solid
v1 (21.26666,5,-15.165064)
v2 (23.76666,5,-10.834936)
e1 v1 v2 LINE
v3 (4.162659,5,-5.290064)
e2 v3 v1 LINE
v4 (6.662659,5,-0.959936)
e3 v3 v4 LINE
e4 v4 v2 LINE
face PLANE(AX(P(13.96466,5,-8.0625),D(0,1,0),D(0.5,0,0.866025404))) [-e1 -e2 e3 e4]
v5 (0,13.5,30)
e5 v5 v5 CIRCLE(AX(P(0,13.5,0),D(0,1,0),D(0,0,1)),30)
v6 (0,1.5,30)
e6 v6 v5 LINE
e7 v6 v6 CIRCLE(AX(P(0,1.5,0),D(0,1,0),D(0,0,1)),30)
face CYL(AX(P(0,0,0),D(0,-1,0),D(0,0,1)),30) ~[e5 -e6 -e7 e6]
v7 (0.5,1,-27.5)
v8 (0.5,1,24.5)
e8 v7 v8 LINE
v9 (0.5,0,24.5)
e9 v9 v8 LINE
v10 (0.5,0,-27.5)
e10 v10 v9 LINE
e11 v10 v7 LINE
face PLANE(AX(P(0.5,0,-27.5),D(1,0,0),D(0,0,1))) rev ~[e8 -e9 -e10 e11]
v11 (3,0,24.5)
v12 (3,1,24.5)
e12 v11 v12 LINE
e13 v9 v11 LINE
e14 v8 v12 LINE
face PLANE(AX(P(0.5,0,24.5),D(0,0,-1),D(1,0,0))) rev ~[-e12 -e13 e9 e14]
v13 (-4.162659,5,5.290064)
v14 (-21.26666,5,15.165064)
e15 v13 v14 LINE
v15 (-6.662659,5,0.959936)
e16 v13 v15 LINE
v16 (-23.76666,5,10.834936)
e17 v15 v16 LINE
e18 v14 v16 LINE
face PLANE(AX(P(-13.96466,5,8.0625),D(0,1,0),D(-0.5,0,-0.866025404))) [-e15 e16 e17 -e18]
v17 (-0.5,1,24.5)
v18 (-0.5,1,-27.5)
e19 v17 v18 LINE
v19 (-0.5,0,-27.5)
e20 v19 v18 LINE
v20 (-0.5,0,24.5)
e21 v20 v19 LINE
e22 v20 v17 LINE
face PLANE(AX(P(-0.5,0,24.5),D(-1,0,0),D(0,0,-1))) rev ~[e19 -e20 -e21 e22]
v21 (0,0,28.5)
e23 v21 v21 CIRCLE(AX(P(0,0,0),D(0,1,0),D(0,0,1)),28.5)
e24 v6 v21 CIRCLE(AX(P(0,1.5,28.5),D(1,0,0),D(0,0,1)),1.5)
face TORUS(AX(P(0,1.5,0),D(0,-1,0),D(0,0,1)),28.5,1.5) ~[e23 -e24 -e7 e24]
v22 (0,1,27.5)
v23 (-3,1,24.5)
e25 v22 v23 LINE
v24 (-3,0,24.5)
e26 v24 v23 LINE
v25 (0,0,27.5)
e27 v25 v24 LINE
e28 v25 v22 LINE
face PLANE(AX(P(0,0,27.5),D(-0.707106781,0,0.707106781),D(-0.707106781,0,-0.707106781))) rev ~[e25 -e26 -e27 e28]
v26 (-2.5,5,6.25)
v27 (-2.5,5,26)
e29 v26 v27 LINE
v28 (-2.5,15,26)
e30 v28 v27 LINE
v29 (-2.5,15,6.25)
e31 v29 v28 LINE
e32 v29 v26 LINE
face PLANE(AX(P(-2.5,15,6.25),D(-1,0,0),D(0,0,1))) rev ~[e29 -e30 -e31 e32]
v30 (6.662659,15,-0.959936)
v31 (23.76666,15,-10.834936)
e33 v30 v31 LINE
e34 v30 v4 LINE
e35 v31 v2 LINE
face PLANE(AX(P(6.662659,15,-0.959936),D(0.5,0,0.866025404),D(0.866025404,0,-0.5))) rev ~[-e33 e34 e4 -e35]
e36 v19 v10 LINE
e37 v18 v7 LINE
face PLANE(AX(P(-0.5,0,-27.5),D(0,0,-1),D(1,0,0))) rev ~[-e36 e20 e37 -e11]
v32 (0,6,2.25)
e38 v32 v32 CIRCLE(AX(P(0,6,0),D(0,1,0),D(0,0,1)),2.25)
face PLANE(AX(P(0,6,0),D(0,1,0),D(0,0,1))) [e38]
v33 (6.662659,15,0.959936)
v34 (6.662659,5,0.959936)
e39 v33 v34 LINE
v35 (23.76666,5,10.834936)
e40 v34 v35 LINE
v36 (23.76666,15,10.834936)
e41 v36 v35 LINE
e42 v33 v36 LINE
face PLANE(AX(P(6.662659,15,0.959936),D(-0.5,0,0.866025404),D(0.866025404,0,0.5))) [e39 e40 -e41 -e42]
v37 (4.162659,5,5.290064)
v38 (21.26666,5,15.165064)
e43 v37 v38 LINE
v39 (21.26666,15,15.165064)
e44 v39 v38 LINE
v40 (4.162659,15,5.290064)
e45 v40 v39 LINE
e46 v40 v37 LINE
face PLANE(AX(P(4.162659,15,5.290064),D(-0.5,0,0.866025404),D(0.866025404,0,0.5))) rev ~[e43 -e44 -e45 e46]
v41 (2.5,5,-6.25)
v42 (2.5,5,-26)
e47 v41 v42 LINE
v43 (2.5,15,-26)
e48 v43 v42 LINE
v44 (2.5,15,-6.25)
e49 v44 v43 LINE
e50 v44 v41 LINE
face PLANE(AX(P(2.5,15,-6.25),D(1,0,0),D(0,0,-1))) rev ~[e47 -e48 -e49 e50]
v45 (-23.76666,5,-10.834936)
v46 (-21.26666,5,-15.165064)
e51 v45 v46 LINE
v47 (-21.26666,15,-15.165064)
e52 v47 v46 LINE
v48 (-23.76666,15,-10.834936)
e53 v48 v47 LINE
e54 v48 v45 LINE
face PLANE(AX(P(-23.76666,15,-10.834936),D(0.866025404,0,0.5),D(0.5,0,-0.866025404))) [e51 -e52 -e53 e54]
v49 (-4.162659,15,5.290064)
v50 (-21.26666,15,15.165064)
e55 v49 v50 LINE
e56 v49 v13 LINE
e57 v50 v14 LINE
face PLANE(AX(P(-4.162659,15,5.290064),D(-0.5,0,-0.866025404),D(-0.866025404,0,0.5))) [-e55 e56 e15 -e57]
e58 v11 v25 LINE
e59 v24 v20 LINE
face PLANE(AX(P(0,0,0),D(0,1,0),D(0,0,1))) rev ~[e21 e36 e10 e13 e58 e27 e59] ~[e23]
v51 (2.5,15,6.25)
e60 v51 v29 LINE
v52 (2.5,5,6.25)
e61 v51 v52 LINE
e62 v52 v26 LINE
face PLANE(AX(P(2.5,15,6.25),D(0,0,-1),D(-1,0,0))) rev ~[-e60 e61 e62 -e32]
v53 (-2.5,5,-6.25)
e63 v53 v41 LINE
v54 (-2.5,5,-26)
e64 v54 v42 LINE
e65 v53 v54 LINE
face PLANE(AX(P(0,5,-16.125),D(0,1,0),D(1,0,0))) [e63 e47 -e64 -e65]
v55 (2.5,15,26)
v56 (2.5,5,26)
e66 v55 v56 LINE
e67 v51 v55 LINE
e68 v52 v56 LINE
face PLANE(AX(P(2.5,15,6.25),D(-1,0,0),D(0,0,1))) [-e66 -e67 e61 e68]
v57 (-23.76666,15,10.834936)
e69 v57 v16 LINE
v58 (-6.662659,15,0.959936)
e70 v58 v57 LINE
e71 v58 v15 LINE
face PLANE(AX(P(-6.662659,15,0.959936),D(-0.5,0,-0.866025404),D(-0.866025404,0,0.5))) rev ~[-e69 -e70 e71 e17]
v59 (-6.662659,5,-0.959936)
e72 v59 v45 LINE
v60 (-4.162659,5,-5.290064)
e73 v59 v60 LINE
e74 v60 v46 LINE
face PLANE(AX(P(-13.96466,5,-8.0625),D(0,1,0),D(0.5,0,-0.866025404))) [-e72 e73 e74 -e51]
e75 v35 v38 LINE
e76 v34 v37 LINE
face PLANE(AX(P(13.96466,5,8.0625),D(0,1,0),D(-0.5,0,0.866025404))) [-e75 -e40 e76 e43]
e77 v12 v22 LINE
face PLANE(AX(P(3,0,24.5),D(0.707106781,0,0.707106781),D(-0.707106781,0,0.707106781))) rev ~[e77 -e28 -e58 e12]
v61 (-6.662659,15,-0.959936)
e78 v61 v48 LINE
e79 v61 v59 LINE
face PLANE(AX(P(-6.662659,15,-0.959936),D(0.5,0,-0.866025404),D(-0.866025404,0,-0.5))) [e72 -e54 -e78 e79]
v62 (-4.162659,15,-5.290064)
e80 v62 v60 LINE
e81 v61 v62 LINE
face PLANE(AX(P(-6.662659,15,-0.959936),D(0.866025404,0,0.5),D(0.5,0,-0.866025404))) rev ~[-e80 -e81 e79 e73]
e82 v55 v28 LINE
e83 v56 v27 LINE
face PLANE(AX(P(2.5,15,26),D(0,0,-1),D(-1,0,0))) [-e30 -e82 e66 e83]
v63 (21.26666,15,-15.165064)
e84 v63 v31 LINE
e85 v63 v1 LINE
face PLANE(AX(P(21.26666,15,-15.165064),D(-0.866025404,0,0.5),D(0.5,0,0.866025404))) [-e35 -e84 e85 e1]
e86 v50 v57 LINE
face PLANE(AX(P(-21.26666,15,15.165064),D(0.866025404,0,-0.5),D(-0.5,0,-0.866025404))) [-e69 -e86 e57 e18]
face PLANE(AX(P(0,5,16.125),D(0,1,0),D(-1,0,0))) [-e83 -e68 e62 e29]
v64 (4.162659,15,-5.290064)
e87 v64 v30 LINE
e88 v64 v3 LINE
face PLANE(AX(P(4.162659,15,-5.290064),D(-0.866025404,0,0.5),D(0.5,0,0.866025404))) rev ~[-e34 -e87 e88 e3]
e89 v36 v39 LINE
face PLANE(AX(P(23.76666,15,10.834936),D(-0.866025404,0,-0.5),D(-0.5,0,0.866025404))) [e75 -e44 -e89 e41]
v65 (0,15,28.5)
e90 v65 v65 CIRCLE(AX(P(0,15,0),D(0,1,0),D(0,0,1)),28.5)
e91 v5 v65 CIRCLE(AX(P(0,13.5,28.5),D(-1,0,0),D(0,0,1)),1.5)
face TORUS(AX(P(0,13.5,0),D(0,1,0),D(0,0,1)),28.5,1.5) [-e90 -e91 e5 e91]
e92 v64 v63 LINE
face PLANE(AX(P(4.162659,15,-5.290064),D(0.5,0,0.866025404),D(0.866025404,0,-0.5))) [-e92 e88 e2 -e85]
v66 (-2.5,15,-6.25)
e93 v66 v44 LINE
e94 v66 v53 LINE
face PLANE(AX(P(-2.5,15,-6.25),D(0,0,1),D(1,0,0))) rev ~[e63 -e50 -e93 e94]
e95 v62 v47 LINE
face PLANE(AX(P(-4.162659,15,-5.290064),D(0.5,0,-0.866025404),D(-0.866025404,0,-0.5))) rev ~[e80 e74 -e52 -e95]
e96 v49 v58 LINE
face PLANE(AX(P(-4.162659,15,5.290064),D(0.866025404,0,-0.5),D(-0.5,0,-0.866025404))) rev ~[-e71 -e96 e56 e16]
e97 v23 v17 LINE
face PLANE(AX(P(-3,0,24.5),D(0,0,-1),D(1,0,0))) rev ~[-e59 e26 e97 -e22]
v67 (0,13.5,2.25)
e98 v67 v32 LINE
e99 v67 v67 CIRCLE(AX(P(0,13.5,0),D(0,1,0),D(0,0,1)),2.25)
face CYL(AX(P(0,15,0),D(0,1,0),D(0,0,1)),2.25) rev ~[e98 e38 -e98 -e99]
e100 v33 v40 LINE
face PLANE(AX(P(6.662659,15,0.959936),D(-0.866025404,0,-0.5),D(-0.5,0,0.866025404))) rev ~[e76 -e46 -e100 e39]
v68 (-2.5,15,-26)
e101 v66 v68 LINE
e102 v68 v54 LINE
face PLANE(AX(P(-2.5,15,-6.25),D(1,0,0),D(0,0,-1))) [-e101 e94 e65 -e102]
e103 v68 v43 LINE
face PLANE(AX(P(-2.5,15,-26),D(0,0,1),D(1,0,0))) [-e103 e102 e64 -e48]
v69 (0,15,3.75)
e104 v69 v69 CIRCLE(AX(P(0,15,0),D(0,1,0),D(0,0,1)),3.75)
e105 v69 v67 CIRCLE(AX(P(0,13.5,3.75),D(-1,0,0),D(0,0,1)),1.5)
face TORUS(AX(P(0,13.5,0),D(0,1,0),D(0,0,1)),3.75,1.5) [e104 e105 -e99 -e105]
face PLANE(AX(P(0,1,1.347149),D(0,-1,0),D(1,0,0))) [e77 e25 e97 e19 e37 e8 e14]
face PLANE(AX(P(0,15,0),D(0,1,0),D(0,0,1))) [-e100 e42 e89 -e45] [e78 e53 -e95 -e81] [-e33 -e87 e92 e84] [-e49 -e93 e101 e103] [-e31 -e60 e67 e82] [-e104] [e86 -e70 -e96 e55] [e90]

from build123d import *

# Parameters (mm, degrees)
SKETCH2_R           = 30
BOSS_EXTRUDE1_DEPTH = 15
SKETCH3_R           = 2.25
CUT_EXTRUDE1_DEPTH  = 9
FILLET1_R           = 1.5
CUT_EXTRUDE2_DEPTH  = 1
SKETCH5_W           = 5
SKETCH5_H           = 19.75
CUT_EXTRUDE3_DEPTH  = 10
CIRPATTERN1_COUNT   = 6


with BuildPart() as part:
    # Sketch2 → Boss-Extrude1 (new body)
    with BuildSketch(Plane(origin=(0, 0, 0), x_dir=(1, 0, 0), z_dir=(0, 1, 0))):
        with Locations(Location((0, 0, 0), (0, 0, 270))):
            Circle(SKETCH2_R)
    extrude(amount=BOSS_EXTRUDE1_DEPTH)

    # Sketch3 → Cut-Extrude1 (cut)
    with BuildSketch(Plane(origin=(0, 15, 0), x_dir=(1, 0, 0), z_dir=(0, 1, 0))):
        with Locations(Location((0, 0, 0), (0, 0, 270))):
            Circle(SKETCH3_R)
    extrude(amount=-CUT_EXTRUDE1_DEPTH, mode=Mode.SUBTRACT)

    # Fillet1
    fillet1_edges = [part.edges().sort_by_distance(p)[0] for p in [
        (0, 0, -30),
        (0, 15, -30),
        (0, 15, -2.25),
    ]]
    fillet(fillet1_edges, radius=FILLET1_R)

    # Sketch4 → Cut-Extrude2 (cut)
    with BuildSketch(Plane.XZ):
        Polygon((-0.5, 24.5), (-0.5, -27.5), (0.5, -27.5), (0.5, 24.5), (3, 24.5), (0, 27.5), (-3, 24.5), align=None)
    extrude(amount=-CUT_EXTRUDE2_DEPTH, mode=Mode.SUBTRACT)

    # Sketch5 → Cut-Extrude3 (cut)
    with BuildSketch(Plane(origin=(0, 15, 0), x_dir=(1, 0, 0), z_dir=(0, 1, 0))):
        with Locations((0, 16.125)):
            Rectangle(SKETCH5_W, SKETCH5_H)
    cut_extrude3 = extrude(amount=-CUT_EXTRUDE3_DEPTH, mode=Mode.SUBTRACT)

    # CirPattern1: Cut-Extrude3 ×6 about axis
    cirpattern1_axis = Axis((0, 0, 0), (0, 1, 0))
    for i in range(1, CIRPATTERN1_COUNT):
        add(cut_extrude3.rotate(cirpattern1_axis, i * 360 / CIRPATTERN1_COUNT), mode=Mode.SUBTRACT)


solid = part.part
